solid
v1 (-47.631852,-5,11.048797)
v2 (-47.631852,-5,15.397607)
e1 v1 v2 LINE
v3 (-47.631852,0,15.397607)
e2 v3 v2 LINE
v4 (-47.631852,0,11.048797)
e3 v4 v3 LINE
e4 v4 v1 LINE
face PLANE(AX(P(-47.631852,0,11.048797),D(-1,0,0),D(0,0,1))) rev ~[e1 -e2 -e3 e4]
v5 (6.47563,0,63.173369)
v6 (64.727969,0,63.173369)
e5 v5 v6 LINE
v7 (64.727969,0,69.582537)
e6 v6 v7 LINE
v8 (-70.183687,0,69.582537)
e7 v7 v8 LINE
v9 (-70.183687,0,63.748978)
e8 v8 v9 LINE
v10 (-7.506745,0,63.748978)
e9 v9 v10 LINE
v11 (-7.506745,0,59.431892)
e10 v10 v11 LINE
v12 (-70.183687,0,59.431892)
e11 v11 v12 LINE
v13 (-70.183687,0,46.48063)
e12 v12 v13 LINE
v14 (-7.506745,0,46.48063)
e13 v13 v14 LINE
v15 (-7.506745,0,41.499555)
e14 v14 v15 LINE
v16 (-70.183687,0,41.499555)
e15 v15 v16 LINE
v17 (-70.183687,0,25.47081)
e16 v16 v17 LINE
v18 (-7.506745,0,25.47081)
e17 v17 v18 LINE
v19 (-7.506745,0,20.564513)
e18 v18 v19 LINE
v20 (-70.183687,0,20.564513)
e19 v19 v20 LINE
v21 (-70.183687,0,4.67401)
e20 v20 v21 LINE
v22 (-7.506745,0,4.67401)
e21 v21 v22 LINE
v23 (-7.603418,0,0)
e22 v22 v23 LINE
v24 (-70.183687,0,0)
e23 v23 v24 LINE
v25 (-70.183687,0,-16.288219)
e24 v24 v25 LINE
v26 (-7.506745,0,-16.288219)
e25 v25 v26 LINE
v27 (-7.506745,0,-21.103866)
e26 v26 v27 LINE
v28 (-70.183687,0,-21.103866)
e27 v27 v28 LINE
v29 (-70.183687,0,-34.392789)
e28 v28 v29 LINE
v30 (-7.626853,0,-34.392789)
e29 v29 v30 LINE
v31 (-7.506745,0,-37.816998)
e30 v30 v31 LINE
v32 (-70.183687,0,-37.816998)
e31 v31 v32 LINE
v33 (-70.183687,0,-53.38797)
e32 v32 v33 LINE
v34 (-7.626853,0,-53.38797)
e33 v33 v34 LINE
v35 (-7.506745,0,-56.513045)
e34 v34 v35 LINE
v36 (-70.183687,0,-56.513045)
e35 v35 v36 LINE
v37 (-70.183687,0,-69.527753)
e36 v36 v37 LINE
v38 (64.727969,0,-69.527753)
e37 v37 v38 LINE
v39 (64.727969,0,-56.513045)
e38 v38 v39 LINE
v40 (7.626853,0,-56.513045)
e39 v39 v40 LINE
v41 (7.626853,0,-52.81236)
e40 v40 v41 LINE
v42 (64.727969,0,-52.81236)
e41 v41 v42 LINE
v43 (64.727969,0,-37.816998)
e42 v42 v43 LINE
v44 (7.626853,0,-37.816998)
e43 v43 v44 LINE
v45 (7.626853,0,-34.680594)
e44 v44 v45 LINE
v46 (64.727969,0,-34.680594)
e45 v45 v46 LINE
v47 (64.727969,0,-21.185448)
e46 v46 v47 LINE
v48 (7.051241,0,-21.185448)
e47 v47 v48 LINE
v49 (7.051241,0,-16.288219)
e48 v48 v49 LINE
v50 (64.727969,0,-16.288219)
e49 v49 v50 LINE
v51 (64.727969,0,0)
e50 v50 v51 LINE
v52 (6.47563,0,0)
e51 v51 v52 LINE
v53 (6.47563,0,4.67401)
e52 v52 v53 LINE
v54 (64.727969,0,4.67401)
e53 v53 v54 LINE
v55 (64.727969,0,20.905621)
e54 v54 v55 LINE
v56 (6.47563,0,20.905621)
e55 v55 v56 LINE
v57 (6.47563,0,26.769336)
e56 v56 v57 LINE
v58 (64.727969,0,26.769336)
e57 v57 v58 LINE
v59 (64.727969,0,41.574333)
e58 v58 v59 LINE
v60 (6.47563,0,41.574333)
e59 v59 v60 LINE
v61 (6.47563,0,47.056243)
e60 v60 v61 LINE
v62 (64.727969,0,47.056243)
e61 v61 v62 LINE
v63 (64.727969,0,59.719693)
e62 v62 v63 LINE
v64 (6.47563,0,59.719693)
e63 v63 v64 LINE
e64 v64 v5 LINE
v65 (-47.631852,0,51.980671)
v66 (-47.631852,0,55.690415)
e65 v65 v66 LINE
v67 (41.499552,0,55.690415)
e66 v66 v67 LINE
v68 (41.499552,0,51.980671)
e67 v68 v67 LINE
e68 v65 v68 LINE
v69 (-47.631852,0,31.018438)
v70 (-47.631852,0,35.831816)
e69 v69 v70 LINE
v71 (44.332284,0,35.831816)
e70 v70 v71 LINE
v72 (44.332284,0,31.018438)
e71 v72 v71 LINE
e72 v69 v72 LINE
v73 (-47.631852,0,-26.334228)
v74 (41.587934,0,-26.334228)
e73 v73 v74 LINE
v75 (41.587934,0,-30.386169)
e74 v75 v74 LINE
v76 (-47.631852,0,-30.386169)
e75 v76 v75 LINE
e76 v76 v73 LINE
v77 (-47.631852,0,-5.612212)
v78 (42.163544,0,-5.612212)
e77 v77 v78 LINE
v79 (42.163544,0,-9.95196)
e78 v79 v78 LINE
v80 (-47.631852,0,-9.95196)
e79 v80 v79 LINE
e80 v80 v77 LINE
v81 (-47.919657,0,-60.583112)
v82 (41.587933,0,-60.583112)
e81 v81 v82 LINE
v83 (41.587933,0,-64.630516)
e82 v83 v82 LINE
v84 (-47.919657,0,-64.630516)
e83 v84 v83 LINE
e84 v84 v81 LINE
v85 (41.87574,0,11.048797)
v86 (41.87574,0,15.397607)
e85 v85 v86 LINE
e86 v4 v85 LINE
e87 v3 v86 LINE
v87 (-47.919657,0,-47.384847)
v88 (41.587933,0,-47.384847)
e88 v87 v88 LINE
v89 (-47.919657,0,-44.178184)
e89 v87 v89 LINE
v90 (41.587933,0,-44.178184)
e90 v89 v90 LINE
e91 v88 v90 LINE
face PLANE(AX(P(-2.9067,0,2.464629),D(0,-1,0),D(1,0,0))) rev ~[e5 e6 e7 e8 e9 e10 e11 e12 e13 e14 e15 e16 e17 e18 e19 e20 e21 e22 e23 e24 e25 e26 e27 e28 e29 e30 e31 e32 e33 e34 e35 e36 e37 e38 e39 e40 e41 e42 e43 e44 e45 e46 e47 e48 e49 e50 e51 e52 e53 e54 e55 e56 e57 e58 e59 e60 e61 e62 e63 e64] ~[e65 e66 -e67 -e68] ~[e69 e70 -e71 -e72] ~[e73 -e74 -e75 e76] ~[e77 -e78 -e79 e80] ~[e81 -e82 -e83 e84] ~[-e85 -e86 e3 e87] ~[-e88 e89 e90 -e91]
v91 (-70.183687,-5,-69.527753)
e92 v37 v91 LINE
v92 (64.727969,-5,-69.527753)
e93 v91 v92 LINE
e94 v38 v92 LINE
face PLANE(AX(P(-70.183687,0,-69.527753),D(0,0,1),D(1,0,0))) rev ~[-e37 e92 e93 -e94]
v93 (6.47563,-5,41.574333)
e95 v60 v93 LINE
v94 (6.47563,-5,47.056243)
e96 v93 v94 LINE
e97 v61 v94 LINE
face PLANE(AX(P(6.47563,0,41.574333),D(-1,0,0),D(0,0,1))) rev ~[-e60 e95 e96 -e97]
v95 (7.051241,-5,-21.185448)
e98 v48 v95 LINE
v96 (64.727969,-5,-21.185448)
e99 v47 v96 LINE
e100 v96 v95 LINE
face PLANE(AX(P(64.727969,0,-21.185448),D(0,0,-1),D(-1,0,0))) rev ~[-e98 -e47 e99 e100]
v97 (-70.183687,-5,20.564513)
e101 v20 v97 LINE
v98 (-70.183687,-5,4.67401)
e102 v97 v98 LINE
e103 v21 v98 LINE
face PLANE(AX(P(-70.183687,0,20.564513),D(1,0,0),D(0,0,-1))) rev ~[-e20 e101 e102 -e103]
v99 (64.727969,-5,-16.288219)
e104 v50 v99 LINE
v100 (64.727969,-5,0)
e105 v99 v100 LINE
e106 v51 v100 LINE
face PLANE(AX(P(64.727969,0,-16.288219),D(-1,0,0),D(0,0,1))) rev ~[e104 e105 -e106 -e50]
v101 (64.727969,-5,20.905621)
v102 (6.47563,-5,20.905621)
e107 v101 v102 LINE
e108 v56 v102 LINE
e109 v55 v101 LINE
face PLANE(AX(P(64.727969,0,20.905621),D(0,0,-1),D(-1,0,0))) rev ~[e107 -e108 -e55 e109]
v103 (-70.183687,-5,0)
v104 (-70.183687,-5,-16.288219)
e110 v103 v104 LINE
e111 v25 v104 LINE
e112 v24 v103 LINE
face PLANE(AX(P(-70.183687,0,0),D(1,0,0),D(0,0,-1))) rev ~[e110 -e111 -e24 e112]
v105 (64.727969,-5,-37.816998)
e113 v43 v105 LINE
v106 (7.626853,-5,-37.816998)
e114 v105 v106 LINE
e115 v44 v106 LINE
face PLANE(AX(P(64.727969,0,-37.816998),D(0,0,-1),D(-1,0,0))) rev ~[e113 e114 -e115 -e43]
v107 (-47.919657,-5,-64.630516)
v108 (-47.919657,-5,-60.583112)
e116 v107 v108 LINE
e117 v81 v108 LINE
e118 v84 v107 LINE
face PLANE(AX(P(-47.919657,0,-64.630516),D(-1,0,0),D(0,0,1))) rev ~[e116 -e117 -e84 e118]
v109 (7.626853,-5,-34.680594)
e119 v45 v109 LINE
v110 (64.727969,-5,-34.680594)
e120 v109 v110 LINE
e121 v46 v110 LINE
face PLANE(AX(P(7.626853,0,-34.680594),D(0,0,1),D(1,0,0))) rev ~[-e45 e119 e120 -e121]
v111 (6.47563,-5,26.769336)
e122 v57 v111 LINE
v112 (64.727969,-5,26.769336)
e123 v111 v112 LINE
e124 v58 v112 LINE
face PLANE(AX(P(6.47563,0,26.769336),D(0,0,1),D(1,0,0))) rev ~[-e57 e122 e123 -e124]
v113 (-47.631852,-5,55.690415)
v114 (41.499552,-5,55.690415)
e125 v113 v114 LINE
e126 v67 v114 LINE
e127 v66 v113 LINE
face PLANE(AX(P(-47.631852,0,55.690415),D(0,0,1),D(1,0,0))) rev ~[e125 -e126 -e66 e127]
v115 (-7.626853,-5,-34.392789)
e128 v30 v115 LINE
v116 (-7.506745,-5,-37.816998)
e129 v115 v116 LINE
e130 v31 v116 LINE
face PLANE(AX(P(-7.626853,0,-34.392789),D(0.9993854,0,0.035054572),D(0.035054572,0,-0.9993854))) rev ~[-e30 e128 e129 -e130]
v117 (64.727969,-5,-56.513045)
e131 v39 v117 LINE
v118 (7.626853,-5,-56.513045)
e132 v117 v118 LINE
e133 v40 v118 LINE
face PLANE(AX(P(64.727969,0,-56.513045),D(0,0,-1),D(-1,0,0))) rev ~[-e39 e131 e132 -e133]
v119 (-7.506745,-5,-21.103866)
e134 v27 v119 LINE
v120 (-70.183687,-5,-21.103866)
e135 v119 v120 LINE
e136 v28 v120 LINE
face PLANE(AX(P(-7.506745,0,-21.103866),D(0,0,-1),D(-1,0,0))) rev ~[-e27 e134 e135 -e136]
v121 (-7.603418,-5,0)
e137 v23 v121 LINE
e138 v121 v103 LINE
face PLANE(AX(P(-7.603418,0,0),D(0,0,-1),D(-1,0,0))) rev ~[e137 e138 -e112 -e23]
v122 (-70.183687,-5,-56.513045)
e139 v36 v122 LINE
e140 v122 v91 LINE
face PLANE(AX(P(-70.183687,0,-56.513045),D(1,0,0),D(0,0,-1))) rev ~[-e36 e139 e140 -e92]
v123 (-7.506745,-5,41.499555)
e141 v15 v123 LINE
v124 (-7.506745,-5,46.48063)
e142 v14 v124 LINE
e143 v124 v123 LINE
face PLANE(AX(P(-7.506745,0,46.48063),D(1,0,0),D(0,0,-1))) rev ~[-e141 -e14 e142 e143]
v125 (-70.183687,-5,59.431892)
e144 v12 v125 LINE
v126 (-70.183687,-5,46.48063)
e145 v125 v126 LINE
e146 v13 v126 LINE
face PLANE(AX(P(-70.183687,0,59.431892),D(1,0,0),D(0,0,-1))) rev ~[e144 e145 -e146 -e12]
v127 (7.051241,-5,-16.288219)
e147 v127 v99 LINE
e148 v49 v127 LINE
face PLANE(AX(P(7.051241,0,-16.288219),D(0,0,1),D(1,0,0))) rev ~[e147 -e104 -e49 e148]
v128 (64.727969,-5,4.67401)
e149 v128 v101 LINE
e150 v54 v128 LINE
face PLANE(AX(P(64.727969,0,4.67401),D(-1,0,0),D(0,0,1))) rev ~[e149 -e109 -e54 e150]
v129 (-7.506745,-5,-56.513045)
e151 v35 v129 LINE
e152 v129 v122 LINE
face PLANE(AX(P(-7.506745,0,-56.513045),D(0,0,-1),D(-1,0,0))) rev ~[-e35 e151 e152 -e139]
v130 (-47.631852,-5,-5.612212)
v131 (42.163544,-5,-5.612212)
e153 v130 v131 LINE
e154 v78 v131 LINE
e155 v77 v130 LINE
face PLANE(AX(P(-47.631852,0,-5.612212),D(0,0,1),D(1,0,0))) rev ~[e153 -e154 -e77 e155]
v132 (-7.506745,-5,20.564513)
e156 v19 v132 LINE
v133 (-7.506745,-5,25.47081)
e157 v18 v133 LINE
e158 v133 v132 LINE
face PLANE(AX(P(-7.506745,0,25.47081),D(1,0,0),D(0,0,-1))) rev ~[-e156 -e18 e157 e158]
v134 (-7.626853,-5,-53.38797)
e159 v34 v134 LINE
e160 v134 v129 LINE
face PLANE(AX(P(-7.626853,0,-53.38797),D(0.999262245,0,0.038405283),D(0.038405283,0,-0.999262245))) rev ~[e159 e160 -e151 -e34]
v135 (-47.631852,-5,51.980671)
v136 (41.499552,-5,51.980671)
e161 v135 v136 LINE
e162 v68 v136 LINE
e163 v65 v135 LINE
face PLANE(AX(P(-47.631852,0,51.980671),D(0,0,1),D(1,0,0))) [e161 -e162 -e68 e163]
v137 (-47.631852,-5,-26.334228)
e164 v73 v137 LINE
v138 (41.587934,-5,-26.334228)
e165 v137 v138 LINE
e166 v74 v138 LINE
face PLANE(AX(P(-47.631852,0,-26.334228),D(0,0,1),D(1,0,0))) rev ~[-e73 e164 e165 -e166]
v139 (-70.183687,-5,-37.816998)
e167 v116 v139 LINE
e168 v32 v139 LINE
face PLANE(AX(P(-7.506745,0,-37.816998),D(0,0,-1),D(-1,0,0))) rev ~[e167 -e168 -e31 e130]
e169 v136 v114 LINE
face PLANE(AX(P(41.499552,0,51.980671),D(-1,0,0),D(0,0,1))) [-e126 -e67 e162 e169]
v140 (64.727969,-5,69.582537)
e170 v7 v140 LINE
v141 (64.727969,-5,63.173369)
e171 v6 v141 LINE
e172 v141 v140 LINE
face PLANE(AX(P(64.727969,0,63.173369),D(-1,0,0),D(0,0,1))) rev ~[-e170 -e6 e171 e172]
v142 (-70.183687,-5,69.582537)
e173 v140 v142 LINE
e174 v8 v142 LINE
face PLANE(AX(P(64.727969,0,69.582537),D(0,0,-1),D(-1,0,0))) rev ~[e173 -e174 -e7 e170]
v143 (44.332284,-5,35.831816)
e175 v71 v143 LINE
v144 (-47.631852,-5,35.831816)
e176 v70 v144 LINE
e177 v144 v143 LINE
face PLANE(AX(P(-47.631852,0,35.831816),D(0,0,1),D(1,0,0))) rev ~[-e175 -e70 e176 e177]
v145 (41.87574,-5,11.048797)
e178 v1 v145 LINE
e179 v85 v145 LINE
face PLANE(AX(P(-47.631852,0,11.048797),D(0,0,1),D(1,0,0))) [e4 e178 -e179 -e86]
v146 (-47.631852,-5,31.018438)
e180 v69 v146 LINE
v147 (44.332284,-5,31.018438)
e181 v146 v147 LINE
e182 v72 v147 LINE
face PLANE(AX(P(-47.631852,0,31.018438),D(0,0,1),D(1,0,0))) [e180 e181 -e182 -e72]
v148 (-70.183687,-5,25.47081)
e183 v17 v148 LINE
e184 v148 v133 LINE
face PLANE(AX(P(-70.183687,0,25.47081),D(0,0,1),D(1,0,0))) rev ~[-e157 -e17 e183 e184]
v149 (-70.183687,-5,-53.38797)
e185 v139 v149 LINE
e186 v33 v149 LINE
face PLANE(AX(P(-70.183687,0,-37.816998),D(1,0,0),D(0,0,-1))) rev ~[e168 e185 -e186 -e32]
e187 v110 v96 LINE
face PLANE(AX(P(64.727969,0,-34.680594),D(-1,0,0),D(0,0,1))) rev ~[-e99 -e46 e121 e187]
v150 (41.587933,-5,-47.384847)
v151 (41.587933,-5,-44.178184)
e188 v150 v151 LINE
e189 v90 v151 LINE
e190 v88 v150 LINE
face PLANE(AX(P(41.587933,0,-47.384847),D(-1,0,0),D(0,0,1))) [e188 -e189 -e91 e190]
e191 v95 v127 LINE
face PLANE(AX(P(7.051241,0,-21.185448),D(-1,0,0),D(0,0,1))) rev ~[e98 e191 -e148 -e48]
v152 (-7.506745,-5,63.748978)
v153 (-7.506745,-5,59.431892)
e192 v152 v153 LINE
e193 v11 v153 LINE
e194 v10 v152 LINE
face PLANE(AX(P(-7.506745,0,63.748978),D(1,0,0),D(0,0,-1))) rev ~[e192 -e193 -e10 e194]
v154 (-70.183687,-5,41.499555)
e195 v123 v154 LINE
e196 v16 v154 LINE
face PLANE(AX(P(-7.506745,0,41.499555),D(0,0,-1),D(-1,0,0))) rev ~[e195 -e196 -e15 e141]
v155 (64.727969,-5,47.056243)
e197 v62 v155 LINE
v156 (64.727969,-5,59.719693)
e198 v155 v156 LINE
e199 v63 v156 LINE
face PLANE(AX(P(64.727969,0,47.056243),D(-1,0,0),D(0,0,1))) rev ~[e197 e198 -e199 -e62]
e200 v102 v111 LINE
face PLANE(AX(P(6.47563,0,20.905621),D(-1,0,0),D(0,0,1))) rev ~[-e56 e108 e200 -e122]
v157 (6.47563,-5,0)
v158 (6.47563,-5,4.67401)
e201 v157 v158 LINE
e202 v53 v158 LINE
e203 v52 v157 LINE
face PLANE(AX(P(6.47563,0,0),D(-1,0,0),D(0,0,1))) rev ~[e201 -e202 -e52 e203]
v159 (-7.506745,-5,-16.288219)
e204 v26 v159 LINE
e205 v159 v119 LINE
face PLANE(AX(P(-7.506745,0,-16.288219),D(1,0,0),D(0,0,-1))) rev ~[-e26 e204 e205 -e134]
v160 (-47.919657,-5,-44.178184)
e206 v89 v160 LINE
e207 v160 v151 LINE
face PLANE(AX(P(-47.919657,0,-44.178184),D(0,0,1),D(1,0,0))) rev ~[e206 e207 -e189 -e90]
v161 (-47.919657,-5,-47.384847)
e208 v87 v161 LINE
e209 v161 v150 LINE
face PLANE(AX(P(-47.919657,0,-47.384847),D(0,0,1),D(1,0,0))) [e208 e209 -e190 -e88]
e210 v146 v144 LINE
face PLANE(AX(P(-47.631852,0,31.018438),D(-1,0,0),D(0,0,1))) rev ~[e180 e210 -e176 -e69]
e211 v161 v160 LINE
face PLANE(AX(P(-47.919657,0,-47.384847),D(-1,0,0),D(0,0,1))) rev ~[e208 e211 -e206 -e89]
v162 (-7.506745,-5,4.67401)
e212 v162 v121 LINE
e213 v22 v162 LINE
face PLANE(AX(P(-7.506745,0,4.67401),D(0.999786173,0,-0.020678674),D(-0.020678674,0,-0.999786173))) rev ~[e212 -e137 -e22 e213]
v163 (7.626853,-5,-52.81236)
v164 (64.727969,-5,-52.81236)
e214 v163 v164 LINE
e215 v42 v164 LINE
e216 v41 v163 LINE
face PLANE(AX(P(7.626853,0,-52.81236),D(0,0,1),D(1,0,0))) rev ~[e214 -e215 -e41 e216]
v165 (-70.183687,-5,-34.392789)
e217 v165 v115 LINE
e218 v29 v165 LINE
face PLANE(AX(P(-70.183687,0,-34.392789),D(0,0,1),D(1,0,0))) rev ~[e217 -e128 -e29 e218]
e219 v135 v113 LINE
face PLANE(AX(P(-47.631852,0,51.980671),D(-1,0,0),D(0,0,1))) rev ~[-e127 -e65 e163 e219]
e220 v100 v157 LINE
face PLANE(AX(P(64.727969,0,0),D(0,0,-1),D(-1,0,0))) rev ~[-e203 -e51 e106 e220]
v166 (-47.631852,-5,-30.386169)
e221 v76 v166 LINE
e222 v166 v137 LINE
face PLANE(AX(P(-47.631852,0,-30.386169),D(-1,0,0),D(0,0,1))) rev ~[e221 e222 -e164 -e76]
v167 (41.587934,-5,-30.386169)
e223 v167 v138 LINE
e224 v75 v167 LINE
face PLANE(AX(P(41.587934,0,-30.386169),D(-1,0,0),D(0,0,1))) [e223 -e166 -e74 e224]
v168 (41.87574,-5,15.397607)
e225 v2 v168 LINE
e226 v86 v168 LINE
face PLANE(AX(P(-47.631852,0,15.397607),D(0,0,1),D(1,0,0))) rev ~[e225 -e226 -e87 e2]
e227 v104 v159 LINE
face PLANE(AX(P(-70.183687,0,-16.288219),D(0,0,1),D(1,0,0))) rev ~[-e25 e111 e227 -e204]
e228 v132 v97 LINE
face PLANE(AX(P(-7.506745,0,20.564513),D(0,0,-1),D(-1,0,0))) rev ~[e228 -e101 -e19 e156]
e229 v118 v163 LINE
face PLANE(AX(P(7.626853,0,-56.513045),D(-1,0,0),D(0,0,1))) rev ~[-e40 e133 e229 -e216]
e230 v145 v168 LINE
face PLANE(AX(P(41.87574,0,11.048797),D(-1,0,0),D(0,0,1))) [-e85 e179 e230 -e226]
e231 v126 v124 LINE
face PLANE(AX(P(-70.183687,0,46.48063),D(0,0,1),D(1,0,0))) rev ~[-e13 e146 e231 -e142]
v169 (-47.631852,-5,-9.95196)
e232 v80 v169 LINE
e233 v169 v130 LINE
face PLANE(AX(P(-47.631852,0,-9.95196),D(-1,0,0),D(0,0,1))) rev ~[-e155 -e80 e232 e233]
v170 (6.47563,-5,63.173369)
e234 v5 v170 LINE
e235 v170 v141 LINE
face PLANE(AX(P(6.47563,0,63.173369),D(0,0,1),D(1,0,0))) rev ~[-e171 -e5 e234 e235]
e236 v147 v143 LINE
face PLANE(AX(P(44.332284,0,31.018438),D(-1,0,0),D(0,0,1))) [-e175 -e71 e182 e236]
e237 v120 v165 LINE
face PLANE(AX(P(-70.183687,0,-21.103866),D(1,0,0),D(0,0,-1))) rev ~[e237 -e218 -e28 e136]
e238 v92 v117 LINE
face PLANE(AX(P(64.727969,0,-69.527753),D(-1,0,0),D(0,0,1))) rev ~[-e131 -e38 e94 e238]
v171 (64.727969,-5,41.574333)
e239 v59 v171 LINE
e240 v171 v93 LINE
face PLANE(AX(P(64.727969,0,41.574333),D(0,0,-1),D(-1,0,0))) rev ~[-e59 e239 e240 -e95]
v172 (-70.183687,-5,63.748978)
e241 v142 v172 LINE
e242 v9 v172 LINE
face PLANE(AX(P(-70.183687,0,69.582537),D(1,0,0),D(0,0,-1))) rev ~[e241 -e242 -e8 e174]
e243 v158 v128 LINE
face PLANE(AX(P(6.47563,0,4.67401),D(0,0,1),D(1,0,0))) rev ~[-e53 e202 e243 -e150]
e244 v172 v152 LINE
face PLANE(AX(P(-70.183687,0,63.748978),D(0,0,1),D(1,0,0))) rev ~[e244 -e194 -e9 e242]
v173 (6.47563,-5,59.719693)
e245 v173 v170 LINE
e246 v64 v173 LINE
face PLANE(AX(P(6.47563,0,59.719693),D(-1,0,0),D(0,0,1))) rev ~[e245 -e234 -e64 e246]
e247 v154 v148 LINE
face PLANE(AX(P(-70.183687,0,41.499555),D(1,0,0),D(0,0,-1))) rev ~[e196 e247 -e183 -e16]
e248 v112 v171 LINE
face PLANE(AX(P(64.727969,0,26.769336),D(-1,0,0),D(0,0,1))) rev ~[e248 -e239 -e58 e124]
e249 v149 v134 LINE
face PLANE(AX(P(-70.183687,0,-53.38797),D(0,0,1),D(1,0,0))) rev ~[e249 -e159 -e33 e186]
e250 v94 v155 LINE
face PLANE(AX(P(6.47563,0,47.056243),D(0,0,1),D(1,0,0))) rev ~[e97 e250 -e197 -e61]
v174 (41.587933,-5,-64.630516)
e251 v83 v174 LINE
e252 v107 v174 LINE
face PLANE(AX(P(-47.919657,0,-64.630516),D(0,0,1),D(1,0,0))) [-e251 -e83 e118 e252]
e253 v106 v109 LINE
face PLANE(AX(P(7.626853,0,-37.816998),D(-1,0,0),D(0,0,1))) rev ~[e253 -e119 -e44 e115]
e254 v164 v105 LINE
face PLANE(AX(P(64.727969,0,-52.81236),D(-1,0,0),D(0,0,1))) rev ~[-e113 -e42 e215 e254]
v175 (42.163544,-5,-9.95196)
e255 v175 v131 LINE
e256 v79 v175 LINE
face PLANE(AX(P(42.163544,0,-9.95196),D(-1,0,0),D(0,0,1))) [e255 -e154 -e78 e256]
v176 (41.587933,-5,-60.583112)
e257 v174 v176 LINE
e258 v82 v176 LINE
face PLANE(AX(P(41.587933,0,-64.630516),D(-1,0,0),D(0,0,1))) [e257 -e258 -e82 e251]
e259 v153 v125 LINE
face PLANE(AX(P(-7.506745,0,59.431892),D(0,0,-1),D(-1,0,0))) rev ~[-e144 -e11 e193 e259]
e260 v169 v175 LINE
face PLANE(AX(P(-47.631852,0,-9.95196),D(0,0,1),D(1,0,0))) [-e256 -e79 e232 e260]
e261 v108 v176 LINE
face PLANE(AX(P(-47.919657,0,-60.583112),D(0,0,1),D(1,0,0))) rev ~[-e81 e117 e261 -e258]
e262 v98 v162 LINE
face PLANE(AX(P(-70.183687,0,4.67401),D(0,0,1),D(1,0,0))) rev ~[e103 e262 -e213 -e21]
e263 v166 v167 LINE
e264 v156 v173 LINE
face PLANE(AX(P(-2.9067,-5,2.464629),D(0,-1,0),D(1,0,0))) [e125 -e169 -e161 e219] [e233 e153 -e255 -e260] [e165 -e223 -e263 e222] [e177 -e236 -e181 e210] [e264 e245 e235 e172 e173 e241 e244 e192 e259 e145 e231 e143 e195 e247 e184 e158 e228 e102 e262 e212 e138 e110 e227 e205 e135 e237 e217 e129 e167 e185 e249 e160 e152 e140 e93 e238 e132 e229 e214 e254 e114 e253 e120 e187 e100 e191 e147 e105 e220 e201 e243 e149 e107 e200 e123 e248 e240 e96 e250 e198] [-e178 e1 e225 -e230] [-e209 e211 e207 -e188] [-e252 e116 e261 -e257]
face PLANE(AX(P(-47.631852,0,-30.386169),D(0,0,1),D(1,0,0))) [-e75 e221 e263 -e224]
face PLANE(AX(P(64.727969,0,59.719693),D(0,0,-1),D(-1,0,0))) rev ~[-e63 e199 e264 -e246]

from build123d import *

# Parameters (mm, degrees)
F0_W     = 89.507591
F0_H     = 4.047405
F0_H_2   = 3.206663
F0_W_2   = 89.219786
F0_H_3   = 4.051941
F0_W_3   = 89.795395
F0_H_4   = 4.339748
F0_H_5   = 4.34881
F0_W_4   = 89.131403
F0_H_6   = 3.709744
F0_W_5   = 91.964136
F0_H_7   = 4.813378
F1_DEPTH = 5


with BuildPart() as f1:
    # F0 (on Front) → F1 (new body)
    with BuildSketch(Plane.XZ):
        Polygon((64.727969, 69.582537), (-70.183687, 69.582537), (-70.183687, 63.748978), (-7.506745, 63.748978), (-7.506745, 59.431892), (-70.183687, 59.431892), (-70.183687, 46.48063), (-7.506745, 46.48063), (-7.506745, 41.499555), (-70.183687, 41.499555), (-70.183687, 25.47081), (-7.506745, 25.47081), (-7.506745, 20.564513), (-70.183687, 20.564513), (-70.183687, 4.67401), (-7.506745, 4.67401), (-7.603418, 0), (-70.183687, 0), (-70.183687, -16.288219), (-7.506745, -16.288219), (-7.506745, -21.103866), (-70.183687, -21.103866), (-70.183687, -34.392789), (-7.626853, -34.392789), (-7.506745, -37.816998), (-70.183687, -37.816998), (-70.183687, -53.38797), (-7.626853, -53.38797), (-7.506745, -56.513045), (-70.183687, -56.513045), (-70.183687, -69.527753), (64.727969, -69.527753), (64.727969, -56.513045), (7.626853, -56.513045), (7.626853, -52.81236), (64.727969, -52.81236), (64.727969, -37.816998), (7.626853, -37.816998), (7.626853, -34.680594), (64.727969, -34.680594), (64.727969, -21.185448), (7.051241, -21.185448), (7.051241, -16.288219), (64.727969, -16.288219), (64.727969, 0), (6.47563, 0), (6.47563, 4.67401), (64.727969, 4.67401), (64.727969, 20.905621), (6.47563, 20.905621), (6.47563, 26.769336), (64.727969, 26.769336), (64.727969, 41.574333), (6.47563, 41.574333), (6.47563, 47.056243), (64.727969, 47.056243), (64.727969, 59.719693), (6.47563, 59.719693), (6.47563, 63.173369), (64.727969, 63.173369), align=None)
        with Locations((-3.165862, -62.606814)):
            Rectangle(F0_W, F0_H, mode=Mode.SUBTRACT)
        with Locations((-3.165862, -45.781515)):
            Rectangle(F0_W, F0_H_2, mode=Mode.SUBTRACT)
        with Locations((-3.021959, -28.360198)):
            Rectangle(F0_W_2, F0_H_3, mode=Mode.SUBTRACT)
        with Locations((-2.734154, -7.782086)):
            Rectangle(F0_W_3, F0_H_4, mode=Mode.SUBTRACT)
        with Locations((-2.878056, 13.223202)):
            Rectangle(F0_W, F0_H_5, mode=Mode.SUBTRACT)
        with Locations((-3.06615, 53.835543)):
            Rectangle(F0_W_4, F0_H_6, mode=Mode.SUBTRACT)
        with Locations((-1.649784, 33.425127)):
            Rectangle(F0_W_5, F0_H_7, mode=Mode.SUBTRACT)
    extrude(amount=F1_DEPTH)


solid = f1.part
